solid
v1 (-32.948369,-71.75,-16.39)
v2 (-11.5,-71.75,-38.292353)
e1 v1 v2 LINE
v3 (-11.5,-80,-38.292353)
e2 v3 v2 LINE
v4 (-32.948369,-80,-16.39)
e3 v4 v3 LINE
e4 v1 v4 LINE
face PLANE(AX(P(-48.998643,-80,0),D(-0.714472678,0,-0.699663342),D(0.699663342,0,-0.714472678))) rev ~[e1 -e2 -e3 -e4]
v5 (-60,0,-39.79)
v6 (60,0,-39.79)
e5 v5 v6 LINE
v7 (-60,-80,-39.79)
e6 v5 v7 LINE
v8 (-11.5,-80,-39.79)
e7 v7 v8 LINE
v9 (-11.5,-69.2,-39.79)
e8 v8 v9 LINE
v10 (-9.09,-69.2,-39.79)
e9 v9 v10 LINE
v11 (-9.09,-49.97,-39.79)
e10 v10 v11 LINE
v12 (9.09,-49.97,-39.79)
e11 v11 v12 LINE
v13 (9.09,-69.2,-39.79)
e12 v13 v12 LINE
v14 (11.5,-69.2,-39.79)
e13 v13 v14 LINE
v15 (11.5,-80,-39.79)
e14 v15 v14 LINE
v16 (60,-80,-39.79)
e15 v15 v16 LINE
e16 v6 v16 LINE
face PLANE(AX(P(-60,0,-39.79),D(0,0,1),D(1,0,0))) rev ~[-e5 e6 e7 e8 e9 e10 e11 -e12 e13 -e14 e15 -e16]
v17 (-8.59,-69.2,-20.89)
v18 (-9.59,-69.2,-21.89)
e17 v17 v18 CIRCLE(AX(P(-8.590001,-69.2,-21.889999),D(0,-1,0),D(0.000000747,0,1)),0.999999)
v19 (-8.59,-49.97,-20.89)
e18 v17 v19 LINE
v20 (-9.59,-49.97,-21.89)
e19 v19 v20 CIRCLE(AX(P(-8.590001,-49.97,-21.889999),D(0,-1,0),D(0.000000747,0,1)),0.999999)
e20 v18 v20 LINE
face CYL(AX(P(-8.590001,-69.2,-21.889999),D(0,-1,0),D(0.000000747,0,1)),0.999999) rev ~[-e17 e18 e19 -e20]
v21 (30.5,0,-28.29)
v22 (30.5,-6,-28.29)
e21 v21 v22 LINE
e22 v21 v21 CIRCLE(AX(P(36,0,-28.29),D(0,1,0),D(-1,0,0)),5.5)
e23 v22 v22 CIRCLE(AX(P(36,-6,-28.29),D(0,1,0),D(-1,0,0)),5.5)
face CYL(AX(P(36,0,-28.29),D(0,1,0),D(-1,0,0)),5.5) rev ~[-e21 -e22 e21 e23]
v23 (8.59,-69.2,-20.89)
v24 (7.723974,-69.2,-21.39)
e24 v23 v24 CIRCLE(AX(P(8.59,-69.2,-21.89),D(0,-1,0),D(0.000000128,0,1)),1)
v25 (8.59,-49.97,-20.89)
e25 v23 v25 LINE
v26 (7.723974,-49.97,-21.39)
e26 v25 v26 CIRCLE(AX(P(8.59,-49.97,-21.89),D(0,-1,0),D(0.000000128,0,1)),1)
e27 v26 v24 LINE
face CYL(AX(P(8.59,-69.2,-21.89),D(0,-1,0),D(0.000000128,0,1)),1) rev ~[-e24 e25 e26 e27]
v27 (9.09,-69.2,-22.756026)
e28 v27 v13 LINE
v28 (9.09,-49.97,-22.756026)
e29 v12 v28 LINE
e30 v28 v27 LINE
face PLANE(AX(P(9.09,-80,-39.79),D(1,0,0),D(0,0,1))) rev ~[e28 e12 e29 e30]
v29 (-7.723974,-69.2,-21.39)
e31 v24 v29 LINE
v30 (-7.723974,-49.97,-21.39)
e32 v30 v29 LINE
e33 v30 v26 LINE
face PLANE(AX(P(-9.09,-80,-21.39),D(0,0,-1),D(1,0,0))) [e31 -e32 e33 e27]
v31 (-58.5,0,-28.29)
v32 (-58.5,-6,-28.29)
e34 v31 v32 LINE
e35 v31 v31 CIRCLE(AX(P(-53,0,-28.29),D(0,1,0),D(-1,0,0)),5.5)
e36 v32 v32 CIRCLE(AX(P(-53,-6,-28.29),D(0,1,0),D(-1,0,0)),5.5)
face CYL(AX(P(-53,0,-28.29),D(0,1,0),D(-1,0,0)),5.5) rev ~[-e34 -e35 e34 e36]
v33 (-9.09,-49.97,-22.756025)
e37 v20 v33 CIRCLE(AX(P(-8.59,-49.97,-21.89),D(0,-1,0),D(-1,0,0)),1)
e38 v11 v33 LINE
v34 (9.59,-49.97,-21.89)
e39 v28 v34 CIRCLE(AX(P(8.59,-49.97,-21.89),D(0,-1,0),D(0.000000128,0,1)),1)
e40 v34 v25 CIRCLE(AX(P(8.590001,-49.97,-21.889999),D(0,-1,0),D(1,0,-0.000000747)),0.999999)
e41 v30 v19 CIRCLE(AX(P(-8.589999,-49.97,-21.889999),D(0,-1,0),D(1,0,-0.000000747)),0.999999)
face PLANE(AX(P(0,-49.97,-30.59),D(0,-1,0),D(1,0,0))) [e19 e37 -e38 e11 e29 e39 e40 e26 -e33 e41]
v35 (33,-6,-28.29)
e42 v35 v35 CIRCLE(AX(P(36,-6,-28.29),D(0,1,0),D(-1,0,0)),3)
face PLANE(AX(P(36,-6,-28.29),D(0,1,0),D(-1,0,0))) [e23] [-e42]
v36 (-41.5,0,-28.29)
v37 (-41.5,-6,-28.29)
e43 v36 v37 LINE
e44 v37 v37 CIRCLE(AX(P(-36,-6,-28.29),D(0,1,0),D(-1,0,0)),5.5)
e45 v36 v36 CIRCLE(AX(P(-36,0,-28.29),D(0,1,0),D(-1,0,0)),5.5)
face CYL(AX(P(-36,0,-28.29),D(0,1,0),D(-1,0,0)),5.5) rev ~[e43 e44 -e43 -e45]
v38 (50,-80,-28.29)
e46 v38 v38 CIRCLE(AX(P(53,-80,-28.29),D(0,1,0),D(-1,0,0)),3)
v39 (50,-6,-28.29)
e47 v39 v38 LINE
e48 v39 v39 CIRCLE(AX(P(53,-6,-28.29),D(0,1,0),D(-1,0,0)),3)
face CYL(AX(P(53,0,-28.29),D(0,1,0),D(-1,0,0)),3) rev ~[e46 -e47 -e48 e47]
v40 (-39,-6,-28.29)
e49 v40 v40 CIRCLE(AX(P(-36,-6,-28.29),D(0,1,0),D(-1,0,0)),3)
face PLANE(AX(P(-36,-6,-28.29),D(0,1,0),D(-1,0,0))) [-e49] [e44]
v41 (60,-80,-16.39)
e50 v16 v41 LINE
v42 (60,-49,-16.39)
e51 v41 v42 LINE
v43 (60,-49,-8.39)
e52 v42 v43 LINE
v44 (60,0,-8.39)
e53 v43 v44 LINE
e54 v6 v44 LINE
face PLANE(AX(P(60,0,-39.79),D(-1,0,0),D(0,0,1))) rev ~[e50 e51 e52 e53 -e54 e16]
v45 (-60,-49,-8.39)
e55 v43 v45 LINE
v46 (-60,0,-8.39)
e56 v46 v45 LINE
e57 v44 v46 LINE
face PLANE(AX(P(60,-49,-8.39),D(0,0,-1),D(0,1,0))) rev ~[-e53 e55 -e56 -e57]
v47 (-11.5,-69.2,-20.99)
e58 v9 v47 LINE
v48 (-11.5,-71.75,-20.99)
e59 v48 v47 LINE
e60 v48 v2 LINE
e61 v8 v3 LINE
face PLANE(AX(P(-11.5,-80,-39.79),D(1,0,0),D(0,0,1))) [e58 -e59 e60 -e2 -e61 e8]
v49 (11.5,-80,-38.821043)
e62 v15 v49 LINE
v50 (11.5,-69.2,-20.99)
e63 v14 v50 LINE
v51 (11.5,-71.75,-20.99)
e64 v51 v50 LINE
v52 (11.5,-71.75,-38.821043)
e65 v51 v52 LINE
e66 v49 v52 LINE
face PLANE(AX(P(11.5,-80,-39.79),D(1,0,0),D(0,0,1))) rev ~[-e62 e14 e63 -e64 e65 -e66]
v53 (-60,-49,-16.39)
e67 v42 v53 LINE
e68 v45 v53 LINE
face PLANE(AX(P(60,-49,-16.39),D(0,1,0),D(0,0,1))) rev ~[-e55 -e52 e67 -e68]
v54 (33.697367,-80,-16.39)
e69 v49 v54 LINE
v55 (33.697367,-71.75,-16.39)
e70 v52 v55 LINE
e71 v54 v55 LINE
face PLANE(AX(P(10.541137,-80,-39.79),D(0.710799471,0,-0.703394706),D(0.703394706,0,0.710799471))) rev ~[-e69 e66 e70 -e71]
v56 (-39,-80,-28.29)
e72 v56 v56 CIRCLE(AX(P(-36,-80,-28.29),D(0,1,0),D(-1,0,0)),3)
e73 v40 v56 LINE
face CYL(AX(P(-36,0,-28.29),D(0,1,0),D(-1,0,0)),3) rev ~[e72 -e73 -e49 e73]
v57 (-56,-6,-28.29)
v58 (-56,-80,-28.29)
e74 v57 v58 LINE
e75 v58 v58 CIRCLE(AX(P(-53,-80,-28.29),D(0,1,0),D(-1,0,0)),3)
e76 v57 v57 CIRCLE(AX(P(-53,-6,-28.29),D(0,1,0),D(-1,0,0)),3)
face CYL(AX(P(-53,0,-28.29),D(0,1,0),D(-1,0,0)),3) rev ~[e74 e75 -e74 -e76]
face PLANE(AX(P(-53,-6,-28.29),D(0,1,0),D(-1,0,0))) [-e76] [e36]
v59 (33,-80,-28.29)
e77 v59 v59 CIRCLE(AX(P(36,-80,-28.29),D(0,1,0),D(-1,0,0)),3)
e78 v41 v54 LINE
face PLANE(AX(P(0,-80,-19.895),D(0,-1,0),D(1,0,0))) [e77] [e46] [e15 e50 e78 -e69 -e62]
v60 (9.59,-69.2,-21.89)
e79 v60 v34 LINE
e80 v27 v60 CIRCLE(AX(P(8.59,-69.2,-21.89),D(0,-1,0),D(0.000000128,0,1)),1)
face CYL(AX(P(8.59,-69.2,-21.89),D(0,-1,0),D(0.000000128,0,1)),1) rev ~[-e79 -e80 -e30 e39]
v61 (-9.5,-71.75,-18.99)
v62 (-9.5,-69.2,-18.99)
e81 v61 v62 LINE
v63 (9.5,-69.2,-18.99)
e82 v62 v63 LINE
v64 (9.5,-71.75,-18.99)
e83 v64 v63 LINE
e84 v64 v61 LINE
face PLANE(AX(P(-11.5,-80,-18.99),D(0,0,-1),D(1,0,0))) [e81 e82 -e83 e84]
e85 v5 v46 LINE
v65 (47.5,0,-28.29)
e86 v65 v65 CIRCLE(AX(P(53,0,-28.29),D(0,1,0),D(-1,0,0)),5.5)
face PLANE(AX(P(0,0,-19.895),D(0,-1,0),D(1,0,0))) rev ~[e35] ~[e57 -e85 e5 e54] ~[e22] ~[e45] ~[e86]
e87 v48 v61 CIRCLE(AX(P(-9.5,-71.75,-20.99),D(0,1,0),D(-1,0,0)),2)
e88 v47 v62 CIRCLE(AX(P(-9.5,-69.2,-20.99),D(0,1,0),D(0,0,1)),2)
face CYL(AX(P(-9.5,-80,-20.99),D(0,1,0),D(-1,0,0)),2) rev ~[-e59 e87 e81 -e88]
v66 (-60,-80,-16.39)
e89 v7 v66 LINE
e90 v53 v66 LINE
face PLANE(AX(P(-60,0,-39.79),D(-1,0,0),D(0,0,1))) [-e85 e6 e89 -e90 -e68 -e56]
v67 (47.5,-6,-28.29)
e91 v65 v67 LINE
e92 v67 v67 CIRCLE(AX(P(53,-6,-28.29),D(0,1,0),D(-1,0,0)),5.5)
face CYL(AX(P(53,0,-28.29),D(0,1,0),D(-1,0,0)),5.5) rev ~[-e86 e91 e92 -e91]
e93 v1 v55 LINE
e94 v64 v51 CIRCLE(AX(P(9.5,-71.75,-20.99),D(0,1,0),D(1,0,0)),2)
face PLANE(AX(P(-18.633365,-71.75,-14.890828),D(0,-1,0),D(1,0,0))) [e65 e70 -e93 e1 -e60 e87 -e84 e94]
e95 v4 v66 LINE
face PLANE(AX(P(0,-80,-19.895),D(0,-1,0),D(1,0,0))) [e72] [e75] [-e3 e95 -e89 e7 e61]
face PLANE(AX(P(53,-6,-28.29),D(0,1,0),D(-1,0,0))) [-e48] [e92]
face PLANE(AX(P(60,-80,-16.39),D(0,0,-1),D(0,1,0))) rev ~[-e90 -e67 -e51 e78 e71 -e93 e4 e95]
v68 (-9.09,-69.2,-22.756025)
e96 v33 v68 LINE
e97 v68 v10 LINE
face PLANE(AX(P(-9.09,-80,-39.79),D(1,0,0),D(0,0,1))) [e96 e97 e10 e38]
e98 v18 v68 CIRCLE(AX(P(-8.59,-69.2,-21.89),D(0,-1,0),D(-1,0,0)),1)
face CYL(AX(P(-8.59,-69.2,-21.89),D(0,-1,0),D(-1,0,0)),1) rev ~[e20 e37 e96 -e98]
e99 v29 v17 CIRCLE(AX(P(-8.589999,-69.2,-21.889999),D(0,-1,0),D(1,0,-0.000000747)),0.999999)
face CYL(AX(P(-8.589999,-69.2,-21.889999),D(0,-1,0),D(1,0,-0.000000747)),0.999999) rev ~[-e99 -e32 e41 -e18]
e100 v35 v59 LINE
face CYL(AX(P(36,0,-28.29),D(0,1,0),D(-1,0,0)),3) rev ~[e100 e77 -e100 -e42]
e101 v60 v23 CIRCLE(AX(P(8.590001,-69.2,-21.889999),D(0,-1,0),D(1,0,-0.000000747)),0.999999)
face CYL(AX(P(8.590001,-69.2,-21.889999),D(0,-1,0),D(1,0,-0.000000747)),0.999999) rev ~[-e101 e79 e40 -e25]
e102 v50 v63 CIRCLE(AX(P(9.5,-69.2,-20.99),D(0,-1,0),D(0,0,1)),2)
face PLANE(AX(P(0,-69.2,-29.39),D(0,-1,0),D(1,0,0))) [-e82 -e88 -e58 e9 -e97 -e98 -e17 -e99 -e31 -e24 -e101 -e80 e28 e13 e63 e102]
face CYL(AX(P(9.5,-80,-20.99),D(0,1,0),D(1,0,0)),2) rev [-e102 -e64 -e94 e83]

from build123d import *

# Parameters (mm, degrees)
F0_W      = 120
F0_H      = 39.79
F1_DEPTH  = 80
F2_W      = 18.18
F2_H      = 18.4
F3_DEPTH  = 30.03
F4_W      = 23
F4_H      = 20.8
F5_DEPTH  = 10.8
F7_DEPTH  = 19.23
F8_R      = 2
F10_DEPTH = 8.25
F12_DEPTH = 120.001
F13_R     = 3
F14_DEPTH = 80.001
F15_R     = 5.5
F15_R_2   = 3
F16_DEPTH = 6


with BuildPart() as f1:
    # F0 (on Front) → F1 (new body)
    with BuildSketch(Plane.XZ):
        with Locations((0, -19.895)):
            Rectangle(F0_W, F0_H)
    extrude(amount=F1_DEPTH)

    # F2 (on face) → F3 (cut)
    with BuildSketch(Plane.XZ.offset(80)):
        with Locations((0, -30.59)):
            Rectangle(F2_W, F2_H)
    extrude(amount=-F3_DEPTH, mode=Mode.SUBTRACT)

    # F4 (on face) → F5 (cut)
    with BuildSketch(Plane.XZ.offset(80)):
        with Locations((0, -29.39)):
            Rectangle(F4_W, F4_H)
    extrude(amount=-F5_DEPTH, mode=Mode.SUBTRACT)

    # F6 (on face) → F7 (cut, through all)
    with BuildSketch(Plane.XZ.offset(69.2)):
        with BuildLine():
            ThreePointArc((-8.59, -20.89), (-9.297107, -21.182893), (-9.59, -21.89))
            ThreePointArc((-9.59, -21.89), (-8.59, -22.89), (-7.59, -21.89))
            ThreePointArc((-7.59, -21.89), (-7.882893, -21.182893), (-8.59, -20.89))
        make_face()
        with BuildLine():
            ThreePointArc((9.59, -21.89), (9.297107, -21.182893), (8.59, -20.89))
            ThreePointArc((8.59, -20.89), (7.882893, -22.597107), (9.59, -21.89))
        make_face()
    extrude(amount=-F7_DEPTH, mode=Mode.SUBTRACT)

    # F8
    f8_edges = [f1.edges().sort_by_distance(p)[0] for p in [
        (-11.5, -74.6, -18.99),
        (11.5, -74.6, -18.99),
    ]]
    fillet(f8_edges, radius=F8_R)

    # F9 (on face) → F10 (cut)
    with BuildSketch(Plane.XZ.offset(80)):
        Polygon((0.2, 0), (-48.998643, 0), (-10.033396, -39.79), (0.2, -39.79), align=None)
        Polygon((49.916624, 0), (0.2, 0), (0.2, -39.79), (10.541137, -39.79), align=None)
    extrude(amount=-F10_DEPTH, mode=Mode.SUBTRACT)

    # F11 (on face) → F12 (cut, through all)
    with BuildSketch(Plane.YZ.offset(60)):
        Polygon((-49, -8.39), (0, -8.39), (0, 0), (-80, 0), (-80, -16.39), (-49, -16.39), align=None)
    extrude(amount=-F12_DEPTH, mode=Mode.SUBTRACT)

    # F13 (on face) → F14 (cut, through all)
    with BuildSketch(Plane(origin=(0, 0, 0), x_dir=(-1, 0, 0), z_dir=(0, 1, 0))):
        with Locations((-53, -28.29)):
            Circle(F13_R)
        with Locations((-36, -28.29)):
            Circle(F13_R)
        with Locations((36, -28.29)):
            Circle(F13_R)
        with Locations((53, -28.29)):
            Circle(F13_R)
    extrude(amount=-F14_DEPTH, mode=Mode.SUBTRACT)

    # F15 (on face) → F16 (cut)
    with BuildSketch(Plane(origin=(0, 0, 0), x_dir=(-1, 0, 0), z_dir=(0, 1, 0))):
        with Locations((-53, -28.29)):
            Circle(F15_R)
        with Locations((-53, -28.29)):
            Circle(F15_R_2, mode=Mode.SUBTRACT)
        with Locations((-36, -28.29)):
            Circle(F15_R)
        with Locations((-36, -28.29)):
            Circle(F15_R_2, mode=Mode.SUBTRACT)
        with Locations((36, -28.29)):
            Circle(F15_R)
        with Locations((36, -28.29)):
            Circle(F15_R_2, mode=Mode.SUBTRACT)
        with Locations((53, -28.29)):
            Circle(F15_R)
        with Locations((53, -28.29)):
            Circle(F15_R_2, mode=Mode.SUBTRACT)
    extrude(amount=-F16_DEPTH, mode=Mode.SUBTRACT)


solid = f1.part
